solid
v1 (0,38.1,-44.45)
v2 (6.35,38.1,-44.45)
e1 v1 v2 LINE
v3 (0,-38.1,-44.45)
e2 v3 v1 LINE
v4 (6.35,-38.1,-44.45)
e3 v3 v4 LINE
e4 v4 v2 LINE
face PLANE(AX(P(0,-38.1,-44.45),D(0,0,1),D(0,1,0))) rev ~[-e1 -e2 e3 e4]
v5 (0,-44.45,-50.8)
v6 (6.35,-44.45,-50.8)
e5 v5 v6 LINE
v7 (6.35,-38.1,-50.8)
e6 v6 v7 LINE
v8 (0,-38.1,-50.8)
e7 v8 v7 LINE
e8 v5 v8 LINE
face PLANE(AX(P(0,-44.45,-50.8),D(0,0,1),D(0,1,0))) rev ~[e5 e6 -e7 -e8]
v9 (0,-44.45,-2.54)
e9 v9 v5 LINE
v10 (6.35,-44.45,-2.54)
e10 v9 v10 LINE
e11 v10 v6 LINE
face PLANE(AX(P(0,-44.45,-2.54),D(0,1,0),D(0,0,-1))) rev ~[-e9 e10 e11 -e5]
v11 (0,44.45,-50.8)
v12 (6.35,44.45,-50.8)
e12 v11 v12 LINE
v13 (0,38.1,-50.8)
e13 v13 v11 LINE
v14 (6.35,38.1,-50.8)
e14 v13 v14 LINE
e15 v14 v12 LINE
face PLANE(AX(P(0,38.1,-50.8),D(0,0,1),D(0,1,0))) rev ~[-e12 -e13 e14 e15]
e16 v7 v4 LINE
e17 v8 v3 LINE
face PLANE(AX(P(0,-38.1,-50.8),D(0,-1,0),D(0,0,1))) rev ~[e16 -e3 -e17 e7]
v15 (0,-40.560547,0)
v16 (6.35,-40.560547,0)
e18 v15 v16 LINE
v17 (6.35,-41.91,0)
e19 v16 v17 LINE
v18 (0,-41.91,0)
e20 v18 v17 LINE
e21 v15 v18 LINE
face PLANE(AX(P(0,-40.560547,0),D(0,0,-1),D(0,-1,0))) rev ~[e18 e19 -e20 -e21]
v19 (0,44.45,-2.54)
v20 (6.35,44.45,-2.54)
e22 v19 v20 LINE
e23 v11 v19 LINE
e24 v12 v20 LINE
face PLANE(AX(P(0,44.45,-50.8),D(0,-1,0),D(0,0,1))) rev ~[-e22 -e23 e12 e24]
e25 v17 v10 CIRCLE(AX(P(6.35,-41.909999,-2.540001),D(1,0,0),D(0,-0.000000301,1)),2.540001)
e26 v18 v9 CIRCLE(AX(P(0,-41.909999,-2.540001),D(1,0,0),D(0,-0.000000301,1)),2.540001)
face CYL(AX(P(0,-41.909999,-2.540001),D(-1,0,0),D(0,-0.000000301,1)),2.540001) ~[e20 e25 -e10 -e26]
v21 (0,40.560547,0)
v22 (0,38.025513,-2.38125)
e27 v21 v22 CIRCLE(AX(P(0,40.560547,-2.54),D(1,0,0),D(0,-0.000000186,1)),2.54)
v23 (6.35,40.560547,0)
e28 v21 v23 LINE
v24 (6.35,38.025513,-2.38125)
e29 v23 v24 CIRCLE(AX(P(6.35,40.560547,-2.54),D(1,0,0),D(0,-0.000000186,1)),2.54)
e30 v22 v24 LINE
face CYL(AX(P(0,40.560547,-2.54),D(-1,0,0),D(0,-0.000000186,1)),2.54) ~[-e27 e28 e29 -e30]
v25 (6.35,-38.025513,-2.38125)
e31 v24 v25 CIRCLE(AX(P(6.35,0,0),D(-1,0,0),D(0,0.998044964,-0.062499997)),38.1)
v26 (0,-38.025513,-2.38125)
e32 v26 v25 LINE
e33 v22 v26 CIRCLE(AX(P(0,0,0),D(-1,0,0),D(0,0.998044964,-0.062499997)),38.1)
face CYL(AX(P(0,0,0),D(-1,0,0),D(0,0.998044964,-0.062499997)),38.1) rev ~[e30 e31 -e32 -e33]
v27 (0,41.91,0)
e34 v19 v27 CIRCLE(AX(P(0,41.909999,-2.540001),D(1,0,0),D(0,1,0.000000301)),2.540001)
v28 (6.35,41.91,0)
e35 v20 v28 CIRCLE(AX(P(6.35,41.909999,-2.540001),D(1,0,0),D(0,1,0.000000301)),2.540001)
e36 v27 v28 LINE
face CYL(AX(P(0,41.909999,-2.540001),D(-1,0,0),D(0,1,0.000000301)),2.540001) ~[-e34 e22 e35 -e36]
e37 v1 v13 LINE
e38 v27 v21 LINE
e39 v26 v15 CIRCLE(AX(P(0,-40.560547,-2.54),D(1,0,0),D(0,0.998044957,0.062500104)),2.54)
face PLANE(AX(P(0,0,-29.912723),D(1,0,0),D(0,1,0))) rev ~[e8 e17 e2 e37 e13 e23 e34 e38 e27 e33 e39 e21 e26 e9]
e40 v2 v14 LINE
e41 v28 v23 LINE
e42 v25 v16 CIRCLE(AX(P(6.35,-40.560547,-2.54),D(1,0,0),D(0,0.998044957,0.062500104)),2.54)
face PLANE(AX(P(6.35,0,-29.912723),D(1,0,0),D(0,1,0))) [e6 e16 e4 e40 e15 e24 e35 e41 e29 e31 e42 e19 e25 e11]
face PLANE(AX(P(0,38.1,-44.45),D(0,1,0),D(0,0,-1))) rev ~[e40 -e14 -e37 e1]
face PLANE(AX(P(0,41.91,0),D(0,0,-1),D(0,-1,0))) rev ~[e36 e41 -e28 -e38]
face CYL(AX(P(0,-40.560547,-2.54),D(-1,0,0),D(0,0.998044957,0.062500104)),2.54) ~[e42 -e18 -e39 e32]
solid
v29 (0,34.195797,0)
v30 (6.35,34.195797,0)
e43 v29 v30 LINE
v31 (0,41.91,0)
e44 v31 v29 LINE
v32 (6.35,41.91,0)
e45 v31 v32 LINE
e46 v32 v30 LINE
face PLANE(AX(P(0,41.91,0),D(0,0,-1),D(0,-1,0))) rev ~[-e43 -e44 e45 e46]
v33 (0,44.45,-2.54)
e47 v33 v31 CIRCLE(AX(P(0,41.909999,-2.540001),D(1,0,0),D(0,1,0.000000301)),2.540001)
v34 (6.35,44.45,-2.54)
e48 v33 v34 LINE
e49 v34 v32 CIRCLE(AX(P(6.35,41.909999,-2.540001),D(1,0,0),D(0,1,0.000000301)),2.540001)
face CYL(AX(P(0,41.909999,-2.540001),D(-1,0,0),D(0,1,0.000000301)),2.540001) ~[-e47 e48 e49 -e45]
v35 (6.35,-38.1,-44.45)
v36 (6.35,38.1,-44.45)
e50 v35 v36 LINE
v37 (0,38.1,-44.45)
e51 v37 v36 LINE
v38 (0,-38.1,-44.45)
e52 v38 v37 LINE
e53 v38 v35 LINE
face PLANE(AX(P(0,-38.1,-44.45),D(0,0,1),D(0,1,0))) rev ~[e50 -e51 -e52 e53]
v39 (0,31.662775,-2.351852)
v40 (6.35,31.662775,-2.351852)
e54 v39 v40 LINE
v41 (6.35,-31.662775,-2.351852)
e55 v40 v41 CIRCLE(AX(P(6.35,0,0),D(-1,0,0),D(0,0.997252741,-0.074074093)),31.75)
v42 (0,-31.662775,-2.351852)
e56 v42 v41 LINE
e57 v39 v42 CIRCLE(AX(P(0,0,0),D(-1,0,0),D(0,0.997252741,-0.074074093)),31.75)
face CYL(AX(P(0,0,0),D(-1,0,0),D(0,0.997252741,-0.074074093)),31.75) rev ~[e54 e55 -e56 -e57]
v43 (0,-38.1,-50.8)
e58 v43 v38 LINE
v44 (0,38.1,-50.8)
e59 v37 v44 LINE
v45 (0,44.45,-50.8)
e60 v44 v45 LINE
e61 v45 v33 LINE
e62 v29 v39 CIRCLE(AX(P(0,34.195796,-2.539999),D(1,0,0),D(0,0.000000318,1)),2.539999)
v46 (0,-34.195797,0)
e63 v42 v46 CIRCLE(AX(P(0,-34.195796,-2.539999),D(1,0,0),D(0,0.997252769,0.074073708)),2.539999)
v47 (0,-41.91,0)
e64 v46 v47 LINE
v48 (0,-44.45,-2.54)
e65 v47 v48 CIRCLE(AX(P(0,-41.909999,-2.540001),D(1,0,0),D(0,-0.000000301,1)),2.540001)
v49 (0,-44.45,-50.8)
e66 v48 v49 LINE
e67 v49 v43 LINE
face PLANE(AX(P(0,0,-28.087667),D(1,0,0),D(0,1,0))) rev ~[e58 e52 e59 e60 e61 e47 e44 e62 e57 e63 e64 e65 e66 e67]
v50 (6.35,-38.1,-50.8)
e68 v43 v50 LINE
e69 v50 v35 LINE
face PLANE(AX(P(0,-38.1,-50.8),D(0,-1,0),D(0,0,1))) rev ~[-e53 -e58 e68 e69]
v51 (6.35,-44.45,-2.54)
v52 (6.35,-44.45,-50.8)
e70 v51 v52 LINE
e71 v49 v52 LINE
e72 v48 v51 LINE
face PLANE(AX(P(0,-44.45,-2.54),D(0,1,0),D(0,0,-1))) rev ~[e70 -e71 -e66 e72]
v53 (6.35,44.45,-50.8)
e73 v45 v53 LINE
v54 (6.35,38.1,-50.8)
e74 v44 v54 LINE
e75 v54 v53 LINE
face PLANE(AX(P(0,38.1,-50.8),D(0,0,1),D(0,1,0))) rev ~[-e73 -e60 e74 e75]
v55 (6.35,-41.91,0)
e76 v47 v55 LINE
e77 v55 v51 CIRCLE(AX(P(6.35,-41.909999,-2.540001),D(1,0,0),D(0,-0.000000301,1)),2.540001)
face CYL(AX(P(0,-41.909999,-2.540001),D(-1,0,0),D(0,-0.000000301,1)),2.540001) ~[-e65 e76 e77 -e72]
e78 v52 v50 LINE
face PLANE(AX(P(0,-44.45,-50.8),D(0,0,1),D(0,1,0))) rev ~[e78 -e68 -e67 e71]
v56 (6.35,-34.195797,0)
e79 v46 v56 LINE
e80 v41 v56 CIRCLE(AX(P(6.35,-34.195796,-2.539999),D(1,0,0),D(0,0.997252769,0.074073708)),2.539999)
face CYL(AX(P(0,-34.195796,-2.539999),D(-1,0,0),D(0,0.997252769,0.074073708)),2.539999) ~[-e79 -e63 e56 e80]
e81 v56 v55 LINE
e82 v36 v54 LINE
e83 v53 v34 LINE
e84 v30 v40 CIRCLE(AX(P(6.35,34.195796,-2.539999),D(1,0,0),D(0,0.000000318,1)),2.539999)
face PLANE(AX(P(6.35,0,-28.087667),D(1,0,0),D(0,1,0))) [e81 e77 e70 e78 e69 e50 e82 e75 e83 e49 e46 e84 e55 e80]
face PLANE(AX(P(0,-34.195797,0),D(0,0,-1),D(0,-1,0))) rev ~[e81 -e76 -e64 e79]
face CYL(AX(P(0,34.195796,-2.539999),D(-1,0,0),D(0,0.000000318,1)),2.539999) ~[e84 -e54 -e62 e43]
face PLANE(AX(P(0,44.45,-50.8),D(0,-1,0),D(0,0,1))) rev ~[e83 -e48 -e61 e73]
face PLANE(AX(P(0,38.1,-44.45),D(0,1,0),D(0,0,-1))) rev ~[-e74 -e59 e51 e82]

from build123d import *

# Parameters (mm, degrees)
F1_DEPTH = 6.35
F3_DEPTH = 6.35
F6_DEPTH = 6.35


with BuildPart() as f1:
    # F0 (on Right) → F1 (new body)
    with BuildSketch(Plane.YZ):
        with BuildLine():
            Line((-34.195797, 0), (-41.91, 0))
            ThreePointArc((-41.91, 0), (-43.706051, -0.743949), (-44.45, -2.54))
            Line((-44.45, -2.54), (-44.45, -44.45))
            Line((-44.45, -44.45), (-44.447301, -44.45))
            Line((-44.447301, -44.45), (-44.447301, -50.8))
            Line((-44.447301, -50.8), (-38.097301, -50.8))
            Line((-38.097301, -50.8), (-38.097301, -44.45))
            Line((-38.097301, -44.45), (38.086154, -44.45))
            Line((38.086154, -44.45), (38.086154, -50.777279))
            Line((38.086154, -50.777279), (44.436154, -50.777279))
            Line((44.436154, -50.777279), (44.436154, -44.45))
            Line((44.436154, -44.45), (44.45, -44.45))
            Line((44.45, -44.45), (44.45, -2.54))
            ThreePointArc((44.45, -2.54), (43.706051, -0.743949), (41.91, 0))
            Line((41.91, 0), (34.195797, 0))
            ThreePointArc((34.195797, 0), (32.467545, -0.678617), (31.662775, -2.351852))
            ThreePointArc((31.662775, -2.351852), (0, -31.75), (-31.662775, -2.351852))
            ThreePointArc((-31.662775, -2.351852), (-32.467545, -0.678617), (-34.195797, 0))
        make_face()
    extrude(amount=F1_DEPTH)


with BuildPart() as f3:
    # F2 (on Right) → F3 (new body)
    with BuildSketch(Plane.YZ):
        with BuildLine():
            Line((-34.195797, 0), (-41.91, 0))
            ThreePointArc((-41.91, 0), (-43.706051, -0.743949), (-44.45, -2.54))
            Line((-44.45, -2.54), (-44.45, -50.8))
            Line((-44.45, -50.8), (-38.1, -50.8))
            Line((-38.1, -50.8), (-38.1, -44.45))
            Line((-38.1, -44.45), (38.1, -44.45))
            Line((38.1, -44.45), (38.1, -50.8))
            Line((38.1, -50.8), (44.45, -50.8))
            Line((44.45, -50.8), (44.45, -2.54))
            ThreePointArc((44.45, -2.54), (43.706051, -0.743949), (41.91, 0))
            Line((41.91, 0), (34.195797, 0))
            ThreePointArc((34.195797, 0), (32.467545, -0.678617), (31.662775, -2.351852))
            ThreePointArc((31.662775, -2.351852), (0, -31.75), (-31.662775, -2.351852))
            ThreePointArc((-31.662775, -2.351852), (-32.467545, -0.678617), (-34.195797, 0))
        make_face()
    extrude(amount=F3_DEPTH)


with BuildPart() as f6:
    # F4 (on Right) → F6 (new body)
    with BuildSketch(Plane.YZ):
        with BuildLine():
            Line((-40.560547, 0), (-41.91, 0))
            ThreePointArc((-41.91, 0), (-43.706051, -0.743949), (-44.45, -2.54))
            Line((-44.45, -2.54), (-44.45, -44.45))
            Line((-44.45, -44.45), (-44.45, -50.8))
            Line((-44.45, -50.8), (-38.1, -50.8))
            Line((-38.1, -50.8), (-38.1, -44.45))
            Line((-38.1, -44.45), (38.1, -44.45))
            Line((38.1, -44.45), (38.1, -50.8))
            Line((38.1, -50.8), (44.45, -50.8))
            Line((44.45, -50.8), (44.45, -44.45))
            Line((44.45, -44.45), (44.45, -2.54))
            ThreePointArc((44.45, -2.54), (43.706051, -0.743949), (41.91, 0))
            Line((41.91, 0), (40.560547, 0))
            ThreePointArc((40.560547, 0), (38.821528, -0.688673), (38.025513, -2.38125))
            ThreePointArc((38.025513, -2.38125), (0, -38.1), (-38.025513, -2.38125))
            ThreePointArc((-38.025513, -2.38125), (-38.821528, -0.688673), (-40.560547, 0))
        make_face()
    extrude(amount=F6_DEPTH)


solid = Compound([f3.part, f6.part])
